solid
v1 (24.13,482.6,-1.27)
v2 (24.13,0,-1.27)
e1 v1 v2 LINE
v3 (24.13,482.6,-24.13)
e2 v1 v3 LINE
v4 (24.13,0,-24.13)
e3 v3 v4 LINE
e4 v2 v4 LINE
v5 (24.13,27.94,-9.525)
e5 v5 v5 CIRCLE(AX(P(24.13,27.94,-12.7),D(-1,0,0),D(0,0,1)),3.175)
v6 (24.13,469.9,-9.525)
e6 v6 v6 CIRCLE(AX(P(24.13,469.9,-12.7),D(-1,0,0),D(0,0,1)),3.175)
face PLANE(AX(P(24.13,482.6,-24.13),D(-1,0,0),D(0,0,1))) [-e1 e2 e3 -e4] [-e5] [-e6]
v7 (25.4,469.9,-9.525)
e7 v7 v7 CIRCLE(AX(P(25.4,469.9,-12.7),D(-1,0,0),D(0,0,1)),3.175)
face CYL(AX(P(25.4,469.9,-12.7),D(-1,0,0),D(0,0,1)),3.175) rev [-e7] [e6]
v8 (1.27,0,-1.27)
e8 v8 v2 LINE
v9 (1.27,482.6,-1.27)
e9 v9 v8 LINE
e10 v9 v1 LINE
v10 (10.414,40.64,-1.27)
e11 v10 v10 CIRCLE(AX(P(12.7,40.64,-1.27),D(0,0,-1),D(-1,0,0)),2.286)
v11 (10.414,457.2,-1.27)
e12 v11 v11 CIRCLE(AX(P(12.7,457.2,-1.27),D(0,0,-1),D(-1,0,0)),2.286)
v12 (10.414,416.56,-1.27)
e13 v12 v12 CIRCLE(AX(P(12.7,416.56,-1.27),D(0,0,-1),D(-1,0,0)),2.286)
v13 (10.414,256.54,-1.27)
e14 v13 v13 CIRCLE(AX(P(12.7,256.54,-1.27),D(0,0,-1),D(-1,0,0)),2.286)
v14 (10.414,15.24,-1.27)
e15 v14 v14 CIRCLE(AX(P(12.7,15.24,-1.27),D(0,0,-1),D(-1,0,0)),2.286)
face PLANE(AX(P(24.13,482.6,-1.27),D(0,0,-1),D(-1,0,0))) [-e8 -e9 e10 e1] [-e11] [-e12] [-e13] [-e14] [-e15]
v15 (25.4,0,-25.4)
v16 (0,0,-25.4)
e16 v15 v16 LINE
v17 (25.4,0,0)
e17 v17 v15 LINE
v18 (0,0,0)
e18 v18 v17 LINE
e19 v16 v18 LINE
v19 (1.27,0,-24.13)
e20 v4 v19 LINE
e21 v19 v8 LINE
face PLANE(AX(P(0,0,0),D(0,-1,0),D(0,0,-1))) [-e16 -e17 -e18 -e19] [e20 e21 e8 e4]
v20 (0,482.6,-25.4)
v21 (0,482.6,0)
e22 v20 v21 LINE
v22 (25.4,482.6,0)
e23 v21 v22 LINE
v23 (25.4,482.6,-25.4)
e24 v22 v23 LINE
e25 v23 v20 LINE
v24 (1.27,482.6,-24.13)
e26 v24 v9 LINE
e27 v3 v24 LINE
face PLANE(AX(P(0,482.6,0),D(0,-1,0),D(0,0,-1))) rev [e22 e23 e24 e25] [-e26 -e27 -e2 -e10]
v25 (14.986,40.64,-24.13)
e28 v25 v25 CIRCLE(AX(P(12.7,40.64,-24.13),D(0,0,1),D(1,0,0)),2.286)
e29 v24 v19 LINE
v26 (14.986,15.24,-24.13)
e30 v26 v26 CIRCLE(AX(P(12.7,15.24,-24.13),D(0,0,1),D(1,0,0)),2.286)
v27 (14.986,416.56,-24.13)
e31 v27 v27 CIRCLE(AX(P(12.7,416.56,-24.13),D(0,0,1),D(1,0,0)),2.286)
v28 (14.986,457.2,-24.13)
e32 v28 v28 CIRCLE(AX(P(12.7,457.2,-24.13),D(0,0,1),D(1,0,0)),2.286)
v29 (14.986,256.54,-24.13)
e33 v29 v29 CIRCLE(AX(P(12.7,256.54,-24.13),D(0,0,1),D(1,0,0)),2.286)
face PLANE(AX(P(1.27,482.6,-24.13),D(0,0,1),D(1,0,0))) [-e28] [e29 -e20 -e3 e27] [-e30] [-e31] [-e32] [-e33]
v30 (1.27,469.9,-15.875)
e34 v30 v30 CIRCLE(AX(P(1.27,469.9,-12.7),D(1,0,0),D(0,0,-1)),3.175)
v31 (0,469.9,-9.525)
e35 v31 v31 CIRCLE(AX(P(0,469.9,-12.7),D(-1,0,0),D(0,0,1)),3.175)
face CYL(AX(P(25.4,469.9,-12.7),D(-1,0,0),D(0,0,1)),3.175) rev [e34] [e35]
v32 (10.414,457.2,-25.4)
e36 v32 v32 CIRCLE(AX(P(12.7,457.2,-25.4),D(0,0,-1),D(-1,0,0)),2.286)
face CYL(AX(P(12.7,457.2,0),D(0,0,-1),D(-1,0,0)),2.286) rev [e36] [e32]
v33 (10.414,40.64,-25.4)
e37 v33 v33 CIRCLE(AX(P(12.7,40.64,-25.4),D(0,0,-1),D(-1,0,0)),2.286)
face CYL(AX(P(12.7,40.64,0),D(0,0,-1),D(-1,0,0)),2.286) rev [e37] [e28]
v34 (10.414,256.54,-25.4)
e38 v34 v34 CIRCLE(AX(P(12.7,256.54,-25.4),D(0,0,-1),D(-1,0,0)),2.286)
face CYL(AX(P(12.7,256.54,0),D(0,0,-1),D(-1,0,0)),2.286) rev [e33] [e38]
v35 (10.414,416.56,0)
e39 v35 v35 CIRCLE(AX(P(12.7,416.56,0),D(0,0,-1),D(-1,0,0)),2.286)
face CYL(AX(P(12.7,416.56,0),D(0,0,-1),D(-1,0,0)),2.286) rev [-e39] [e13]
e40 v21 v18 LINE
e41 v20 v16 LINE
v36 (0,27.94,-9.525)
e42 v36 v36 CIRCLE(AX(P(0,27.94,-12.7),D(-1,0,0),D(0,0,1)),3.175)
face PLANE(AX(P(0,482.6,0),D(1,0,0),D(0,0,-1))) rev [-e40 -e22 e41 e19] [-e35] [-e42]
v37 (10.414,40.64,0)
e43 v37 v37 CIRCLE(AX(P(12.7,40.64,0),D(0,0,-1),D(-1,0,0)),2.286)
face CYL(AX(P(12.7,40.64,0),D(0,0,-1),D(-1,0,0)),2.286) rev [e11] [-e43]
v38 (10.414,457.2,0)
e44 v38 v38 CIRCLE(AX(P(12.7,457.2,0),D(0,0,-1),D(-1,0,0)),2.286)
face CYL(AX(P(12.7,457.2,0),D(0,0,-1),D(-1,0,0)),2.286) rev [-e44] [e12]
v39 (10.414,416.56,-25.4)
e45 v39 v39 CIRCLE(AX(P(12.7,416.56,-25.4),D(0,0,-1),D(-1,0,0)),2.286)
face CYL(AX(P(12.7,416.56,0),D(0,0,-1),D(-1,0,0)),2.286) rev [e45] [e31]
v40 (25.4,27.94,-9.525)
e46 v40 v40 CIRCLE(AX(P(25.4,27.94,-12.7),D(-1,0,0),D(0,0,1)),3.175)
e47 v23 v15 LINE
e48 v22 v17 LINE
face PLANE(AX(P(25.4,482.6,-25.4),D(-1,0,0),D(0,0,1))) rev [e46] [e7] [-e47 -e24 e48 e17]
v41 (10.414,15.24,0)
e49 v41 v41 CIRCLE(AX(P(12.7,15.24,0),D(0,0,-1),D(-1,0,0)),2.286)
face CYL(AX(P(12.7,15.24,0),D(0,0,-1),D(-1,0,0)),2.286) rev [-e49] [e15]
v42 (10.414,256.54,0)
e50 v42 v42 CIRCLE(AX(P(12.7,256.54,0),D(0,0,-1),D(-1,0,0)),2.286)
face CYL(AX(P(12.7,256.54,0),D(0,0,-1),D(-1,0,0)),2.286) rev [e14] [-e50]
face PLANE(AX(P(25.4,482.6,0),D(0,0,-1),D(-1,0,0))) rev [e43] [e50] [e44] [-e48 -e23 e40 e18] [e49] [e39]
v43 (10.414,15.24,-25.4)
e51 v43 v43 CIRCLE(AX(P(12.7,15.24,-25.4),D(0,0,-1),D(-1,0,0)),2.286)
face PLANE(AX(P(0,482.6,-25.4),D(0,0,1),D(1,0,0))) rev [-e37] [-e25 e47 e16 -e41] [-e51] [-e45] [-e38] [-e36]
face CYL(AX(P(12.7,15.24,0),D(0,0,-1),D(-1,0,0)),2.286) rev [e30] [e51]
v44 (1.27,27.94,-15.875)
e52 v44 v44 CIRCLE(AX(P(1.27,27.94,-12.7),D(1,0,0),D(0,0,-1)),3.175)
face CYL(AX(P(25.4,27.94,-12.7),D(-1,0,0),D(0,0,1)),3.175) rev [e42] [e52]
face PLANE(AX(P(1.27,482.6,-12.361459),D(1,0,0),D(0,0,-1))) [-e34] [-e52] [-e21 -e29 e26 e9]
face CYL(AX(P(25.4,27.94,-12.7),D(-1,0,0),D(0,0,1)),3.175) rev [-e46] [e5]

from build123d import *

# Parameters (mm, degrees)
SKETCH1_W           = 25.4
SKETCH1_H           = 25.4
BOSS_EXTRUDE1_DEPTH = 482.6
SKETCH2_R           = 2.286
CUT_EXTRUDE1_DEPTH  = 484.934995635
SKETCH3_R           = 2.286
CUT_EXTRUDE2_DEPTH  = 484.934995635
SKETCH4_R           = 2.286
CUT_EXTRUDE3_DEPTH  = 484.934995635
SKETCH6_R           = 2.286
CUT_EXTRUDE5_DEPTH  = 484.934995635
SKETCH7_R           = 2.286
CUT_EXTRUDE6_DEPTH  = 484.934995635
SKETCH8_R           = 3.175
CUT_EXTRUDE7_DEPTH  = 484.934995635
SKETCH9_R           = 3.175
CUT_EXTRUDE8_DEPTH  = 484.934995635


with BuildPart() as part:
    # Sketch1 → Boss-Extrude1 (new body)
    with BuildSketch(Plane(origin=(0, 0, 0), x_dir=(1, 0, 0), z_dir=(0, 1, 0))):
        with Locations((12.7, 12.7)):
            Rectangle(SKETCH1_W, SKETCH1_H)
        Polygon((1.27, 12.361459156), (1.27, 24.13), (12.7, 24.13), (24.13, 24.13), (24.13, 12.7), (24.13, 1.27), (12.7, 1.27), (1.27, 1.27), align=None, mode=Mode.SUBTRACT)
    extrude(amount=BOSS_EXTRUDE1_DEPTH)

    # Sketch2 → Cut-Extrude1 (cut, through all)
    with BuildSketch(Plane(origin=(0, 0, -25.4), x_dir=(-1, 0, 0), z_dir=(0, 0, -1))):
        with Locations((-12.7, 416.56)):
            Circle(SKETCH2_R)
    extrude(amount=-CUT_EXTRUDE1_DEPTH, mode=Mode.SUBTRACT)

    # Sketch3 → Cut-Extrude2 (cut, through all)
    with BuildSketch(Plane(origin=(0, 0, -25.4), x_dir=(-1, 0, 0), z_dir=(0, 0, -1))):
        with Locations((-12.7, 40.64)):
            Circle(SKETCH3_R)
    extrude(amount=-CUT_EXTRUDE2_DEPTH, mode=Mode.SUBTRACT)

    # Sketch4 → Cut-Extrude3 (cut, through all)
    with BuildSketch(Plane(origin=(0, 0, -25.4), x_dir=(-1, 0, 0), z_dir=(0, 0, -1))):
        with Locations((-12.7, 256.54)):
            Circle(SKETCH4_R)
    extrude(amount=-CUT_EXTRUDE3_DEPTH, mode=Mode.SUBTRACT)

    # Sketch6 → Cut-Extrude5 (cut, through all)
    with BuildSketch(Plane(origin=(0, 0, -25.4), x_dir=(-1, 0, 0), z_dir=(0, 0, -1))):
        with Locations((-12.7, 457.2)):
            Circle(SKETCH6_R)
    extrude(amount=-CUT_EXTRUDE5_DEPTH, mode=Mode.SUBTRACT)

    # Sketch7 → Cut-Extrude6 (cut, through all)
    with BuildSketch(Plane(origin=(0, 0, -25.4), x_dir=(-1, 0, 0), z_dir=(0, 0, -1))):
        with Locations((-12.7, 15.24)):
            Circle(SKETCH7_R)
    extrude(amount=-CUT_EXTRUDE6_DEPTH, mode=Mode.SUBTRACT)

    # Sketch8 → Cut-Extrude7 (cut, through all)
    with BuildSketch(Plane.ZY):
        with Locations((-12.7, 469.9)):
            Circle(SKETCH8_R)
    extrude(amount=-CUT_EXTRUDE7_DEPTH, mode=Mode.SUBTRACT)

    # Sketch9 → Cut-Extrude8 (cut, through all)
    with BuildSketch(Plane.ZY):
        with Locations((-12.7, 27.94)):
            Circle(SKETCH9_R)
    extrude(amount=-CUT_EXTRUDE8_DEPTH, mode=Mode.SUBTRACT)


solid = part.part
